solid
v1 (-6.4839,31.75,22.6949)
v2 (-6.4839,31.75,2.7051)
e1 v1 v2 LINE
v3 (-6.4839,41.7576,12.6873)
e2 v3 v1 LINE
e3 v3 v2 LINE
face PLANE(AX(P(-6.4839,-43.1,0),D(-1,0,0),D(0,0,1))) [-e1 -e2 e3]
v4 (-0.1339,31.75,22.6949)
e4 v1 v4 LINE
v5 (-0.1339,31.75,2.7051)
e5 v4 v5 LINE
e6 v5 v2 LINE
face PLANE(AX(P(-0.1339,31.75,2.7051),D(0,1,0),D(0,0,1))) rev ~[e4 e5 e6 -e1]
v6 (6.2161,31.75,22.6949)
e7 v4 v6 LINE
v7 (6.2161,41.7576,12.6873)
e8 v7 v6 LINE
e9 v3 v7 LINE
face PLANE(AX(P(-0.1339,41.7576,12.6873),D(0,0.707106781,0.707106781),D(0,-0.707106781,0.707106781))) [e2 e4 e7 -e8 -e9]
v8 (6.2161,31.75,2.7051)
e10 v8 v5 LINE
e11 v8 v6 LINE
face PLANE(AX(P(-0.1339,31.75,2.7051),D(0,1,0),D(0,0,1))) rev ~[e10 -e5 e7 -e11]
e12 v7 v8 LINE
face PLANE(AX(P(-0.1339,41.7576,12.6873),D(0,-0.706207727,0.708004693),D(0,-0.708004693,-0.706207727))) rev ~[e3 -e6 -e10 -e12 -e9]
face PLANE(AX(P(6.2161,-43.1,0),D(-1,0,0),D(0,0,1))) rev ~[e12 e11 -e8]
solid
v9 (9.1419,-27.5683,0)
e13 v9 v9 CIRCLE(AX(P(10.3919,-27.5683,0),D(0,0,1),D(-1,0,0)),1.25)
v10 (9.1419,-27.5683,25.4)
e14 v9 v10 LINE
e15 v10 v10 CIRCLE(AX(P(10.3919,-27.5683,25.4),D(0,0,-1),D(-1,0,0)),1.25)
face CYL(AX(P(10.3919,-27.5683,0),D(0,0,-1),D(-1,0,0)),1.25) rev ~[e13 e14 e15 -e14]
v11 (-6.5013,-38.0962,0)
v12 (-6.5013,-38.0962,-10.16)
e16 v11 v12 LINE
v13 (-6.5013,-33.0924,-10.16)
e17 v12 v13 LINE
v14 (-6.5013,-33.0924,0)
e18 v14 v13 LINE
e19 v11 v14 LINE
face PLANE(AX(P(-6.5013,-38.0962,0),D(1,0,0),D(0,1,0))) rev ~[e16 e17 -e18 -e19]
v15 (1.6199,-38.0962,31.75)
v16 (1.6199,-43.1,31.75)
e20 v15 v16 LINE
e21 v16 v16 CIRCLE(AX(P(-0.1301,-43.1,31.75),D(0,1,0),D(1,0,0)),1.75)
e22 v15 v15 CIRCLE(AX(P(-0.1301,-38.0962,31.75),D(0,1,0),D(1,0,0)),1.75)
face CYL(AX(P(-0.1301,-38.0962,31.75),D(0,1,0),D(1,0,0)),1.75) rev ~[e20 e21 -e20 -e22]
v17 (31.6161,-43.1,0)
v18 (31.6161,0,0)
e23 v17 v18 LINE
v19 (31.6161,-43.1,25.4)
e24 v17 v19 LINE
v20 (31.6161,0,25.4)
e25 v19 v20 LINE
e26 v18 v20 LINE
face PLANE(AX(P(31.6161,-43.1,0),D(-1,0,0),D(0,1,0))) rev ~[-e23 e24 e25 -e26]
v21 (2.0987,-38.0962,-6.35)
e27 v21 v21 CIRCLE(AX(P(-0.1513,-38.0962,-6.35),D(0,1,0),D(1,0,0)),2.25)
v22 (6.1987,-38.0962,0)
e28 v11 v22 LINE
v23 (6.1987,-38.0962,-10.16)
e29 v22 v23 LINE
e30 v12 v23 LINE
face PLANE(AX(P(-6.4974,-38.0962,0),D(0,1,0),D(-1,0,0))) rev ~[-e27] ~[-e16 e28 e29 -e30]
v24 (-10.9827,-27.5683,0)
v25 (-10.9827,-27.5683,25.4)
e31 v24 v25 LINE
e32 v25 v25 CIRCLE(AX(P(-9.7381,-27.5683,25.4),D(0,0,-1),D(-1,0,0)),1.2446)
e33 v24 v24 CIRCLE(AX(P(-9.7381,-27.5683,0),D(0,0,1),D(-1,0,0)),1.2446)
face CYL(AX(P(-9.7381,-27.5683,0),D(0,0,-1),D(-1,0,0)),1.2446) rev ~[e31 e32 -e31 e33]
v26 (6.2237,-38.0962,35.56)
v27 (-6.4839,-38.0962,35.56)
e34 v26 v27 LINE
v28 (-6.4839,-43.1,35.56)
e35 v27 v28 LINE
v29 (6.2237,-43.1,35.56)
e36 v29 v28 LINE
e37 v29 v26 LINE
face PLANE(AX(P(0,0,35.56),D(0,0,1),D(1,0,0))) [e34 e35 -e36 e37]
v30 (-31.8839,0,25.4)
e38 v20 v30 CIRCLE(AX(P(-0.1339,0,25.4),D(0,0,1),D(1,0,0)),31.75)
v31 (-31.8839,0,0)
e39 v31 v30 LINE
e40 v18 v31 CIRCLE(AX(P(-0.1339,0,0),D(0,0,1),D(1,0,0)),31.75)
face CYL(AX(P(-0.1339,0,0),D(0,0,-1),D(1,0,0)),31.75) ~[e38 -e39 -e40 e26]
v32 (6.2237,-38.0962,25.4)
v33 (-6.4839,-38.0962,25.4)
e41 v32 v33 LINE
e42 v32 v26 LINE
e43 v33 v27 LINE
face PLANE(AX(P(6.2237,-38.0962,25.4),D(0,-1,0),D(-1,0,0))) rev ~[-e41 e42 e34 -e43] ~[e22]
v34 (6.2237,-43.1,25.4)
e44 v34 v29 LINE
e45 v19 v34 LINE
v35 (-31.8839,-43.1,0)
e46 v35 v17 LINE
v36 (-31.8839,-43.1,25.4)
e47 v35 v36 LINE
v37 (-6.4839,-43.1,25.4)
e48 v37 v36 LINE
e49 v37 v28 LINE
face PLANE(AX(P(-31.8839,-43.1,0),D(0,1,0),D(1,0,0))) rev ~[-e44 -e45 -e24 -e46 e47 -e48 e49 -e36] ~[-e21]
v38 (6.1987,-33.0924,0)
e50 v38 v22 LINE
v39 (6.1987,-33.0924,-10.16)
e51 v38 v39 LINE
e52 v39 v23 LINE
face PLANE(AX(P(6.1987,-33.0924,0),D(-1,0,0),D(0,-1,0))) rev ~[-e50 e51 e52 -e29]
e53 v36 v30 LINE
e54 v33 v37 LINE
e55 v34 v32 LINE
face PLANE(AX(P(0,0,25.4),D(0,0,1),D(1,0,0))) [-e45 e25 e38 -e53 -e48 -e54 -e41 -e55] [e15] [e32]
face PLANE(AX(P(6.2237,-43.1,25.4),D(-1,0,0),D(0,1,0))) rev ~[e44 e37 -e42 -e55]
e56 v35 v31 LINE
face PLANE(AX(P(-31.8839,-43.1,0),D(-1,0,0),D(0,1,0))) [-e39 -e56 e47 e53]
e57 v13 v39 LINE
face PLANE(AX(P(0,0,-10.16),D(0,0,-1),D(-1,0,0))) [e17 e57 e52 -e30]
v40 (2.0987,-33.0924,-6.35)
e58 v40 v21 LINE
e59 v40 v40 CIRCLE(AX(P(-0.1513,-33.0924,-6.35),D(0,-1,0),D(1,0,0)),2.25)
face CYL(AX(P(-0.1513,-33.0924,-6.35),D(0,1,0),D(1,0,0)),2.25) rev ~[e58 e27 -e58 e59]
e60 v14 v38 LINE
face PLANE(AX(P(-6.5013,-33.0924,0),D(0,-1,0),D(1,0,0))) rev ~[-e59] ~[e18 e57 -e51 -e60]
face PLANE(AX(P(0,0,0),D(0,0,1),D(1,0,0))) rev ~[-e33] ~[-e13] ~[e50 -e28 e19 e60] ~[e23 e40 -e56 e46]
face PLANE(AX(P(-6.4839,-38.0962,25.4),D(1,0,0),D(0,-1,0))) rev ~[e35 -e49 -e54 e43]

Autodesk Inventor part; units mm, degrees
ref_plane "YZ Plane" through (0, 0, 0) normal (1, 0, 0) x (0, 1, 0)
ref_plane "XZ Plane" through (0, 0, 0) normal (0, 1, 0) x (-1, 0, 0)
sketch "Sketch1" plane through (0, 0, 0) normal (0, 0, 1) x (1, 0, 0)
  line L0 (6.1806, -38.0962) -> (6.1806, -43.1) projected
  line L1 (6.1806, -43.1) -> (32.8861, -43.1) projected
  line L2 (32.8861, -43.1) -> (32.8861, 0) projected
  arc A0 (32.8861, 0) -> (-33.1539, 0) centre (-0.1339, 0) ccw projected
  line L3 (-33.1539, 0) -> (-33.1539, -43.1) projected
  line L4 (-33.1539, -43.1) -> (-6.4839, -43.1) projected
  line L5 (-6.4839, -43.1) -> (-6.4839, -38.0962) projected
  line L6 (-6.4839, -38.0962) -> (6.1806, -38.0962) projected
  circle A1 centre (-0.1339, 0) radius 31.75
  line L7 (-31.8839, 0) -> (18.9313, 0)
  line L8 (22.7413, -43.1) -> (-31.8839, -43.1)
  line L9 (-31.8839, -43.1) -> (-31.8839, 0)
  line L10 (31.6161, 0) -> (-31.8839, 0)
  line L11 (-31.8839, 0) -> (-31.8839, -43.1)
  line L12 (-31.8839, -43.1) -> (31.6161, -43.1)
  line L13 (31.6161, -43.1) -> (31.6161, 0)
  point P0 (0, 0)
  dimension "d0" = 63.5
extrude "Extrusion1" add sketch "Sketch1" along normal blind 25.4 contours L6 L5 L4 L9 A1 L13 L1 L0 | L0 L8 L5 L6 | L10 L7 A1 | A1 L7 L10
sketch "Sketch2" plane through (0, 0, 0) normal (0, 0, -1) x (-1, 0, 0)
  line L0 (6.4974, -43.1) -> (-6.1987, -43.1) projected
  line L1 (-6.1987, -43.1) -> (-6.1987, -38.0962) projected
  line L2 (-6.1987, -38.0962) -> (6.4974, -38.0962) projected
  line L3 (6.4974, -38.0962) -> (6.4974, -43.1) projected
  line L4 (-6.1987, -38.0962) -> (6.5013, -38.0962)
  line L5 (6.5013, -38.0962) -> (6.5013, -33.0924)
  line L6 (6.5013, -33.0924) -> (-6.1987, -33.0924)
  line L7 (-6.1987, -33.0924) -> (-6.1987, -38.0962)
  point P0 (0, 0)
  dimension "d9" = 5.0038
  dimension "d25" = 12.7
extrude "Extrusion4" add sketch "Sketch2" along normal blind 10.16 contours L2 L7 L6 L5 L4
sketch "Sketch4" plane through (-6.5013, -33.0924, 0) normal (0, 1, 0) x (1, 0, 0)
  line L0 (12.7, 10.16) -> (0, 10.16) projected
  line L1 (6.35, 10.16) -> (6.35, 6.35)
  circle A0 centre (6.35, 6.35) radius 2.25
  point P0 (6.5013, 0)
  dimension "d12" = 3.81
  dimension "d13" = 4.5
extrude "Extrusion5" cut sketch "Sketch4" against normal blind 10.16
sketch "Sketch5" plane through (0, 0, 25.4) normal (0, 0, 1) x (1, 0, 0)
  line L0 (-4.5713, -43.1) -> (1.7787, -43.1)
  line L1 (1.7787, -43.1) -> (-10.9213, -43.1)
  line L2 (-10.9213, -43.1) -> (6.2237, -43.1)
  line L3 (6.2237, -43.1) -> (6.2237, -38.0962)
  line L4 (6.2237, -38.0962) -> (-10.9213, -38.0962)
  line L5 (-0.1339, -43.1) -> (6.2161, -43.1)
  line L6 (6.2161, -43.1) -> (-6.4839, -43.1)
  line L7 (-6.4839, -43.1) -> (6.2237, -43.1)
  line L8 (6.2237, -43.1) -> (6.2237, -38.0962)
  line L9 (6.2237, -38.0962) -> (-6.4839, -38.0962)
  line L10 (-6.4839, -38.0962) -> (-6.4839, -43.1)
  point P0 (0, 0)
  dimension "d16" = 6.35
  dimension "d17" = 12.7
  dimension "d18" = 5.0038
  dimension "d26" = 6.35
  dimension "d27" = 12.7
  dimension "d28" = 5.0038
extrude "Extrusion6" add sketch "Sketch5" along normal blind 10.16
sketch "Sketch7" plane through (-6.4839, -38.0962, 25.4) normal (0, 1, 0) x (1, 0, 0)
  line L0 (12.7076, -10.16) -> (0, -10.16) projected
  line L1 (6.3538, -10.16) -> (6.3538, -6.35)
  circle A0 centre (6.3538, -6.35) radius 1.75
  point P0 (6.4839, 25.4)
  dimension "d29" = 3.81
  dimension "d30" = 3.5
extrude "Extrusion8" cut sketch "Sketch7" against normal blind 10.16
ref_plane "Work Plane1" through (-0.1339, -43.1, 0) normal (-1, 0, 0) x (0, 0, 1)
sketch "Sketch8" plane through (-0.1339, -43.1, 0) normal (-1, 0, 0) x (0, 0, 1)
  line L0 (0, 74.85) -> (0, 43.1) projected
  line L1 (0, 74.85) -> (2.7051, 74.85)
  line L2 (0, 74.85) -> (25.4, 74.85) projected
  line L3 (2.7051, 74.85) -> (22.6949, 74.85)
  line L4 (22.6949, 74.85) -> (12.6873, 74.85)
  line L5 (12.6873, 74.85) -> (12.6873, 84.8576)
  line L6 (12.6873, 84.8576) -> (22.6949, 74.85)
  line L7 (12.6873, 84.8576) -> (2.7051, 74.85)
  dimension "d34" = 2.7051
  dimension "d35" = 19.9898
  dimension "d36" = 10.0076
  dimension "d37" = 10.0076
extrude "Extrusion9" add sketch "Sketch8" along normal mid plane 12.7
sketch "Sketch9" plane through (0, 0, 0) normal (0, 0, -1) x (-1, 0, 0)
  ellipse E0 centre (-12.3919, -27.5683) end of major axis (-12.3919, -26.3183) minor radius 1.25 projected
  ellipse E1 centre (11.7381, -27.5683) end of major axis (11.7381, -26.3183) minor radius 1.25 projected
  line L0 (-12.3919, -27.5683) -> (-10.3919, -27.5683)
  line L1 (11.7381, -27.5683) -> (9.7381, -27.5683)
  circle A0 centre (-10.3919, -27.5683) radius 1.25
  circle A1 centre (-10.3919, -27.5683) radius 1.25
  circle A2 centre (9.7381, -27.5683) radius 1.2446
  point P0 (0, 0)
  dimension "d40" = 2
  dimension "d41" = 2
  dimension "d44" = 2.4892
extrude "Extrusion10" cut sketch "Sketch9" against normal blind 25.4 contours A0 L0 E0 | E0 A0 | E0 L0 A0 | A2 L1 E1 | E1 A2 | E1 L1 A2 picked at (-9.8215, -27.4653) picked at (9.1713, -27.6709)
properties part number "Tail3"
